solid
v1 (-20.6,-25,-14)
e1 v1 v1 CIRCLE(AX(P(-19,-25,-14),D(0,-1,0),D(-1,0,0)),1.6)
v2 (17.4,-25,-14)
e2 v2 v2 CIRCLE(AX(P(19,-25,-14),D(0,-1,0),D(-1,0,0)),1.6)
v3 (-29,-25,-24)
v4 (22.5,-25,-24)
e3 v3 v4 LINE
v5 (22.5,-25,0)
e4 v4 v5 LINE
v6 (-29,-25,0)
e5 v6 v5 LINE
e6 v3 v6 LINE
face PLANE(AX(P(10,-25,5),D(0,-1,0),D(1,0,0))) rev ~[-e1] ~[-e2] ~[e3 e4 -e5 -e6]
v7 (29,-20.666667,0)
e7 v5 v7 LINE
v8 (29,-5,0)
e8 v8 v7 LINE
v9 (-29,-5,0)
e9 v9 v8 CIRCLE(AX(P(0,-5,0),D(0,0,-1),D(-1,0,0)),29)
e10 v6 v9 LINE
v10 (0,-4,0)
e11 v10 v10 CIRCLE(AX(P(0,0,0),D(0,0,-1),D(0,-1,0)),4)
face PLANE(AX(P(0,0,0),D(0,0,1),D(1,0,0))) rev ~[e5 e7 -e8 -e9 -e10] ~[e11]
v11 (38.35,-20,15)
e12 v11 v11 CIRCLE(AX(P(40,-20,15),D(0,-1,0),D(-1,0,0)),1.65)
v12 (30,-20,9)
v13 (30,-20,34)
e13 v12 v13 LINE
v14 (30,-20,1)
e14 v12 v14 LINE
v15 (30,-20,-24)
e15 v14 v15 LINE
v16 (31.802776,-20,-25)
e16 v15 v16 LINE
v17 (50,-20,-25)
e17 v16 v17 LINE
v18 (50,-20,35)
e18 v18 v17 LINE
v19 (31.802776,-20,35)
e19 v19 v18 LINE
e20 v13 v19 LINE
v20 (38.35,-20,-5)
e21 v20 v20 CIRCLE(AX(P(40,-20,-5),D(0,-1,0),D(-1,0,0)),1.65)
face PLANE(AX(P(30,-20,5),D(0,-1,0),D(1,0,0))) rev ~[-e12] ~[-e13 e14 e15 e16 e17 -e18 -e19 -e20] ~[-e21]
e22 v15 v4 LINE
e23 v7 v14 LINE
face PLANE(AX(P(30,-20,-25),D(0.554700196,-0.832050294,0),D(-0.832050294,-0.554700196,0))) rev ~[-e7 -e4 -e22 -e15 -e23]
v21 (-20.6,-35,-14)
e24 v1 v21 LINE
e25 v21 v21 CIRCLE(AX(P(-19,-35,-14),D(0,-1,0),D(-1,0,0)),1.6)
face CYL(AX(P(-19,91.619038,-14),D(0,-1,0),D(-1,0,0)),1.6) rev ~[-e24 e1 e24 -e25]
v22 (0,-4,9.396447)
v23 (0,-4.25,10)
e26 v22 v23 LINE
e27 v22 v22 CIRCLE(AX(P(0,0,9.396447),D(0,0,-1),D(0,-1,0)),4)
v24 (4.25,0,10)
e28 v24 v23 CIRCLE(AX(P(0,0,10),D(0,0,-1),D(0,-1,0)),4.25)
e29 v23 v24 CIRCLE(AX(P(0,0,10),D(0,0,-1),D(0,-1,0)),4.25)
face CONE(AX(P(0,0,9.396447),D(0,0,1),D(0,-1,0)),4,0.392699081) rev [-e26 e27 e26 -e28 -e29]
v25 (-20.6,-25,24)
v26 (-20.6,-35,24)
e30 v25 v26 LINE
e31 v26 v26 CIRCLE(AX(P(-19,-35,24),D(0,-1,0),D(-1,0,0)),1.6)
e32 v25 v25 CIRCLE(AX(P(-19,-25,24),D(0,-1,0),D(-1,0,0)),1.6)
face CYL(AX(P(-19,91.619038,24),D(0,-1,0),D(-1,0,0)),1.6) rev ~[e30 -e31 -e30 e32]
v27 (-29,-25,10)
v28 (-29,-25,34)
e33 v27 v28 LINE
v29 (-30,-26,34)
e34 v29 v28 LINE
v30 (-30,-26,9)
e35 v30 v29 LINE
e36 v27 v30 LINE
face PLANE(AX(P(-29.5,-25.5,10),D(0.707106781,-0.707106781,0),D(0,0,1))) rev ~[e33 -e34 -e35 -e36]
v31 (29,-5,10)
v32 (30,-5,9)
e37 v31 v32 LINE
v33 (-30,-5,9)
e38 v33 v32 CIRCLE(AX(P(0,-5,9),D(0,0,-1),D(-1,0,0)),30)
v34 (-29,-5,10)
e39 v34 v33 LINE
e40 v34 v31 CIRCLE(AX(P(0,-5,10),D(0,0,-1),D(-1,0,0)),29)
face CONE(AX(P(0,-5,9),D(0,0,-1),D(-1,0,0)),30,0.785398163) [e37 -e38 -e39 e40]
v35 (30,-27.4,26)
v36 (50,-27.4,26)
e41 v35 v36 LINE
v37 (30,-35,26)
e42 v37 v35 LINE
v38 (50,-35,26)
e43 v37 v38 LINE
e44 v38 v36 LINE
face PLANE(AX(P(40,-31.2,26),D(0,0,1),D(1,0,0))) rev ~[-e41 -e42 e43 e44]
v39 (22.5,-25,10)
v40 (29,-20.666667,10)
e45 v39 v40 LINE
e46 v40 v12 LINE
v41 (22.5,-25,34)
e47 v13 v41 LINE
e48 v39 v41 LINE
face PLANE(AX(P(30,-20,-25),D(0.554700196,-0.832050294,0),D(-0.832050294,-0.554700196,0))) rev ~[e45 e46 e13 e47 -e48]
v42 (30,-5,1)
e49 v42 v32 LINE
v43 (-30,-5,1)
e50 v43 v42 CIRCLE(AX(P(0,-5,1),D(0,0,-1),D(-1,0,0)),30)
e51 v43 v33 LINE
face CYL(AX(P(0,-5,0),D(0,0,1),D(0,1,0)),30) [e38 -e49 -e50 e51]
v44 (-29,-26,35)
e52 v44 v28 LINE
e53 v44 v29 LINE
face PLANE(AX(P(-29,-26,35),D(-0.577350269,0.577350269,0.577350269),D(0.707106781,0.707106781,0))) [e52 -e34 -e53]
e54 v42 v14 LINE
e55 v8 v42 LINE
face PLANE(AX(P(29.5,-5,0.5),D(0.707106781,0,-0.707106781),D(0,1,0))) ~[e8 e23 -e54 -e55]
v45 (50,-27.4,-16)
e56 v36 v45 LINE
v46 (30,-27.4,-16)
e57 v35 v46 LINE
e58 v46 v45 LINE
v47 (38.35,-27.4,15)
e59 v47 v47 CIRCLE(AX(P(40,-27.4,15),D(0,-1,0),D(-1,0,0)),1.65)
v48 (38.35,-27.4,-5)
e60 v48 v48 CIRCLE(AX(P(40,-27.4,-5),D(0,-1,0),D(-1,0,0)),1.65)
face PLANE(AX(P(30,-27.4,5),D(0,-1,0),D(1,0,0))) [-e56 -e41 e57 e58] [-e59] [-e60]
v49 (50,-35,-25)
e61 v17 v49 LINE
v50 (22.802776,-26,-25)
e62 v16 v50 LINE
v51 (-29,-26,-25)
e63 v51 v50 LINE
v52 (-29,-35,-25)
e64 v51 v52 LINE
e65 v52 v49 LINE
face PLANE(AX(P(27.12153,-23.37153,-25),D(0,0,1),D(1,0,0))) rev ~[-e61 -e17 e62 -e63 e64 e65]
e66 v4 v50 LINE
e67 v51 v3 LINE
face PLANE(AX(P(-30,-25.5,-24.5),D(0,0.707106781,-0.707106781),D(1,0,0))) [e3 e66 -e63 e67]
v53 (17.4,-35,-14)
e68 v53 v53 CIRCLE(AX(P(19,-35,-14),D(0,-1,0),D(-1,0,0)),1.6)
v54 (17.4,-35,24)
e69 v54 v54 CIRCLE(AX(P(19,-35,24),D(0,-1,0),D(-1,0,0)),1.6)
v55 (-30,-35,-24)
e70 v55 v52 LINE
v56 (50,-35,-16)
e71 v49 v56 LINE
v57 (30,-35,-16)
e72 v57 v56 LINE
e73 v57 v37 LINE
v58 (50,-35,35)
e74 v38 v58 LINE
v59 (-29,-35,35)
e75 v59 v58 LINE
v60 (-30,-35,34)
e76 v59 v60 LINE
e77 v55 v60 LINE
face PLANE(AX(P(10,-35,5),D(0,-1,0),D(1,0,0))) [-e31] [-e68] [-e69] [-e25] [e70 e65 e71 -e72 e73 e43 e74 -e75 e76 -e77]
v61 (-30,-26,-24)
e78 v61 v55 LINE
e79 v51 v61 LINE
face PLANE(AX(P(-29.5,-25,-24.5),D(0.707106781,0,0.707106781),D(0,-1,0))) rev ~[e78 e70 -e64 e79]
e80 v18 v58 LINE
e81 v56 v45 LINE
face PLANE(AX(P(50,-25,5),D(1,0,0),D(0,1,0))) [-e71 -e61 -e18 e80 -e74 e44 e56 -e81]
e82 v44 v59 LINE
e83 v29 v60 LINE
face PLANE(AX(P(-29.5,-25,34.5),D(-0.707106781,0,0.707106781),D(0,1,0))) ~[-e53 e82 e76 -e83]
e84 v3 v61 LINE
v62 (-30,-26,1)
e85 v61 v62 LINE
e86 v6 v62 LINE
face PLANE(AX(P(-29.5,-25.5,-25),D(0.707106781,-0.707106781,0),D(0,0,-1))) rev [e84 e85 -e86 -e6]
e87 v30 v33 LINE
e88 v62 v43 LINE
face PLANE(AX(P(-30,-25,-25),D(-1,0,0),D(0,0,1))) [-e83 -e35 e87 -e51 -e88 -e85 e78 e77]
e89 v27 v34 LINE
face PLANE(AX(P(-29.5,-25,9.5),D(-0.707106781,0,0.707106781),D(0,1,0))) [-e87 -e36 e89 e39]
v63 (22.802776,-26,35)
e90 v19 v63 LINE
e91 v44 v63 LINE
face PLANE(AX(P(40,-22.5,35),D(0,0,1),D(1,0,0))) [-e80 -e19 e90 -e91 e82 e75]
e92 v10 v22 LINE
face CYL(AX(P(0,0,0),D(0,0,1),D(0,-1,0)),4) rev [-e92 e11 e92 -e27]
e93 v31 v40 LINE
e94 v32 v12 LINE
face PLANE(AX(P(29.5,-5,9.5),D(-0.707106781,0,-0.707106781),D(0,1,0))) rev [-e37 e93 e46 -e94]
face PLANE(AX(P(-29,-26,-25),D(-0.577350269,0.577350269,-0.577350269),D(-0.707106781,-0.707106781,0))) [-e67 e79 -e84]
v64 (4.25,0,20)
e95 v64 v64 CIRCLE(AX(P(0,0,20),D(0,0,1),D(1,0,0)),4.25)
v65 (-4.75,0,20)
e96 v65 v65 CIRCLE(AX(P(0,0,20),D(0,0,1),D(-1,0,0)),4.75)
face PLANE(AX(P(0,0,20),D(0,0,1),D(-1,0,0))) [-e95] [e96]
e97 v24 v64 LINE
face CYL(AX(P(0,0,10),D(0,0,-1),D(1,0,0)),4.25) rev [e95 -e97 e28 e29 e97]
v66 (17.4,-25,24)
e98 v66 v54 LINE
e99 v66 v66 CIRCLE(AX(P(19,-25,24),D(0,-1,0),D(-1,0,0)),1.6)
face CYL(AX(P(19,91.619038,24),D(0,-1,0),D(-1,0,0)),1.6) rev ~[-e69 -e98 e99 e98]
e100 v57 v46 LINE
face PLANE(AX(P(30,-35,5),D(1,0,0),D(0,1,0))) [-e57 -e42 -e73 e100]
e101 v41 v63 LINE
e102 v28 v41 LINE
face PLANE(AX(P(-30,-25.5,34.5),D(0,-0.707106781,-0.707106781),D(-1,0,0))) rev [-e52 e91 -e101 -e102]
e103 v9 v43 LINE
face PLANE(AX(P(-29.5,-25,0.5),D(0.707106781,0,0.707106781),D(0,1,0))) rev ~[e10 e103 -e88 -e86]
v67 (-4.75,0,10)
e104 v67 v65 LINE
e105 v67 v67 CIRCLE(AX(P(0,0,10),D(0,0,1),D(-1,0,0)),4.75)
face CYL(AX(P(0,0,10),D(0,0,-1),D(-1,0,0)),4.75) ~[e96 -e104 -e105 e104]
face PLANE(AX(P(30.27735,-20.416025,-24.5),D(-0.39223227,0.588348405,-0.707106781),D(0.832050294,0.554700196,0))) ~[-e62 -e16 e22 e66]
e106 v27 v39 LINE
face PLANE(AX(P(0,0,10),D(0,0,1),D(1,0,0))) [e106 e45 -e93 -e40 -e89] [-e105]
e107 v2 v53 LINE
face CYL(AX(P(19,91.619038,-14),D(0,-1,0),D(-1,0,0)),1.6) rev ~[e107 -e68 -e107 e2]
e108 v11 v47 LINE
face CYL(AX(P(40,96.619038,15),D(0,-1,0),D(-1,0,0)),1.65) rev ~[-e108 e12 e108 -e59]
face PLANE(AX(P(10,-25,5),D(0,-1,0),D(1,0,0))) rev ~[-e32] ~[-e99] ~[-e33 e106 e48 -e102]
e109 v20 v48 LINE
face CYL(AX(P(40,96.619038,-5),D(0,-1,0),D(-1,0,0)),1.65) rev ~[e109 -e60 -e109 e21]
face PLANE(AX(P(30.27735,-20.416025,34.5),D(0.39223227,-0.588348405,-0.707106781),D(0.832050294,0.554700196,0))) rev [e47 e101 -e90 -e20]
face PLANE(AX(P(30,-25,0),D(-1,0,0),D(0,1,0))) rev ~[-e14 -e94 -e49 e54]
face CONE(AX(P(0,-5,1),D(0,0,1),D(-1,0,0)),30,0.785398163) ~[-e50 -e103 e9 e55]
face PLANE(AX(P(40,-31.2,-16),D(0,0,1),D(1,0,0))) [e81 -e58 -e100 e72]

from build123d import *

# Parameters (mm, degrees)
SKETCH_1_W          = 60
SKETCH_1_H          = 50
EXTRUDE_1_DEPTH     = 10
SKETCH_8_W          = 80
SKETCH_8_H          = 60
EXTRUDE_2_DEPTH     = 10
SKETCH_9_R          = 4.75
SKETCH_9_R_2        = 4.25
EXTRUDE_3_DEPTH     = 10
SKETCH_11_W         = 20
SKETCH_11_H         = 7.6
CUT_EXTRUDE_1_DEPTH = 21
SKETCH_12_W         = 20
SKETCH_12_H         = 5
EXTRUDE_4_DEPTH     = 30
HOLE_WIZARD_4_D     = 3.3
EXTRUDE_START       = -60
EXTRUDE_5_DEPTH     = 60
FILLET_1_RADIUS     = 30
FILLET_1_LENGTH     = 10
CHAMFER_1_SIZE      = 1
HOLE_WIZARD_5_D     = 3.2


with BuildPart() as part:
    # 草图1 → 凸台-拉伸1 (new body)
    with BuildSketch(Plane.XY):
        Rectangle(SKETCH_1_W, SKETCH_1_H)
    extrude(amount=EXTRUDE_1_DEPTH)

    # 草图3 → 孔1 (revolve, cut)
    with BuildSketch(Plane(origin=(0, 0, 10), x_dir=(0, -1, 0), z_dir=(1, 0, 0))):
        Polygon((0, 0), (0, 10), (4, 10), (4, 0.603553391), (4.25, 0), align=None)
    revolve(axis=Axis((0, 0, 16.445314094), (0, 0, -1)), mode=Mode.SUBTRACT)

    # 草图8 → 凸台-拉伸2 (add)
    with BuildSketch(Plane.XZ.offset(25)):
        with Locations((10, 5)):
            Rectangle(SKETCH_8_W, SKETCH_8_H)
    extrude(amount=EXTRUDE_2_DEPTH)

    # 草图9 → 凸台-拉伸3 (add)
    with BuildSketch(Plane.XY.offset(10)):
        with Locations(Location((0, 0, 0), (0, 0, 180))):
            Circle(SKETCH_9_R)
        Circle(SKETCH_9_R_2, mode=Mode.SUBTRACT)
    extrude(amount=EXTRUDE_3_DEPTH)

    # 草图11 → 切除-拉伸1 (cut, symmetric)
    with BuildSketch(Plane.XY.offset(5)):
        with Locations((40, -31.2)):
            Rectangle(SKETCH_11_W, SKETCH_11_H)
    extrude(amount=CUT_EXTRUDE_1_DEPTH, both=True, mode=Mode.SUBTRACT)

    # 草图12 → 凸台-拉伸4 (add, symmetric)
    with BuildSketch(Plane.XY.offset(5)):
        with Locations((40, -22.5)):
            Rectangle(SKETCH_12_W, SKETCH_12_H)
    extrude(amount=EXTRUDE_4_DEPTH, both=True)

    # 孔4 (through all)
    with Locations(Plane(origin=(0, -20, 0), x_dir=(1, 0, 0), z_dir=(0, 1, 0))):
        with Locations((40, -15), (40, 5)):
            Hole(HOLE_WIZARD_4_D / 2)

    # 草图15 → 凸台-拉伸5 (add)
    with BuildSketch(Plane.XY.offset(35).offset(EXTRUDE_START)):
        Polygon((30, -20), (22.5, -25), (30, -25), align=None)
    extrude(amount=EXTRUDE_5_DEPTH)

    # 圆角1: full round fillet: the end face becomes a half cylinder, R = half its width
    fillet_1_face = Plane((0, 25, 5), x_dir=(0, 0, 1), z_dir=(0, 1, 0))  # on the end face: x along it, z out of the body
    fillet_1_slab = fillet_1_face.offset(-FILLET_1_RADIUS / 2) * Box(FILLET_1_LENGTH, 2 * FILLET_1_RADIUS, FILLET_1_RADIUS, mode=Mode.PRIVATE)  # the body's end, R deep
    fillet_1_round = Plane((0, -5, 5), x_dir=(0, 1, 0), z_dir=(0, 0, 1)) * Cylinder(FILLET_1_RADIUS, FILLET_1_LENGTH, mode=Mode.PRIVATE)  # its axis R under the face
    add(fillet_1_slab - fillet_1_round, mode=Mode.SUBTRACT)

    # 倒角1
    chamfer_1_edges = [part.edges().sort_by_distance(p)[0] for p in [
        (26.25, -22.5, -25),
        (26.25, -22.5, 35),
        (-30, -15, 0),
        (-30, -15, 10),
        (0, 25, 10),
        (0, 25, 0),
        (-30, -25, 22.5),
        (-30, -25, -12.5),
        (-30, -30, 35),
        (-3.75, -25, -25),
        (-30, -30, -25),
        (30, -12.5, 0),
        (30, -12.5, 10),
        (-3.75, -25, 35),
    ]]
    chamfer(chamfer_1_edges, length=CHAMFER_1_SIZE)

    # 孔5 (through all)
    with Locations(Plane(origin=(0, -25, 0), x_dir=(1, 0, 0), z_dir=(0, 1, 0))):
        with Locations((-19, 14), (19, 14), (19, -24), (-19, -24)):
            Hole(HOLE_WIZARD_5_D / 2)


solid = part.part
